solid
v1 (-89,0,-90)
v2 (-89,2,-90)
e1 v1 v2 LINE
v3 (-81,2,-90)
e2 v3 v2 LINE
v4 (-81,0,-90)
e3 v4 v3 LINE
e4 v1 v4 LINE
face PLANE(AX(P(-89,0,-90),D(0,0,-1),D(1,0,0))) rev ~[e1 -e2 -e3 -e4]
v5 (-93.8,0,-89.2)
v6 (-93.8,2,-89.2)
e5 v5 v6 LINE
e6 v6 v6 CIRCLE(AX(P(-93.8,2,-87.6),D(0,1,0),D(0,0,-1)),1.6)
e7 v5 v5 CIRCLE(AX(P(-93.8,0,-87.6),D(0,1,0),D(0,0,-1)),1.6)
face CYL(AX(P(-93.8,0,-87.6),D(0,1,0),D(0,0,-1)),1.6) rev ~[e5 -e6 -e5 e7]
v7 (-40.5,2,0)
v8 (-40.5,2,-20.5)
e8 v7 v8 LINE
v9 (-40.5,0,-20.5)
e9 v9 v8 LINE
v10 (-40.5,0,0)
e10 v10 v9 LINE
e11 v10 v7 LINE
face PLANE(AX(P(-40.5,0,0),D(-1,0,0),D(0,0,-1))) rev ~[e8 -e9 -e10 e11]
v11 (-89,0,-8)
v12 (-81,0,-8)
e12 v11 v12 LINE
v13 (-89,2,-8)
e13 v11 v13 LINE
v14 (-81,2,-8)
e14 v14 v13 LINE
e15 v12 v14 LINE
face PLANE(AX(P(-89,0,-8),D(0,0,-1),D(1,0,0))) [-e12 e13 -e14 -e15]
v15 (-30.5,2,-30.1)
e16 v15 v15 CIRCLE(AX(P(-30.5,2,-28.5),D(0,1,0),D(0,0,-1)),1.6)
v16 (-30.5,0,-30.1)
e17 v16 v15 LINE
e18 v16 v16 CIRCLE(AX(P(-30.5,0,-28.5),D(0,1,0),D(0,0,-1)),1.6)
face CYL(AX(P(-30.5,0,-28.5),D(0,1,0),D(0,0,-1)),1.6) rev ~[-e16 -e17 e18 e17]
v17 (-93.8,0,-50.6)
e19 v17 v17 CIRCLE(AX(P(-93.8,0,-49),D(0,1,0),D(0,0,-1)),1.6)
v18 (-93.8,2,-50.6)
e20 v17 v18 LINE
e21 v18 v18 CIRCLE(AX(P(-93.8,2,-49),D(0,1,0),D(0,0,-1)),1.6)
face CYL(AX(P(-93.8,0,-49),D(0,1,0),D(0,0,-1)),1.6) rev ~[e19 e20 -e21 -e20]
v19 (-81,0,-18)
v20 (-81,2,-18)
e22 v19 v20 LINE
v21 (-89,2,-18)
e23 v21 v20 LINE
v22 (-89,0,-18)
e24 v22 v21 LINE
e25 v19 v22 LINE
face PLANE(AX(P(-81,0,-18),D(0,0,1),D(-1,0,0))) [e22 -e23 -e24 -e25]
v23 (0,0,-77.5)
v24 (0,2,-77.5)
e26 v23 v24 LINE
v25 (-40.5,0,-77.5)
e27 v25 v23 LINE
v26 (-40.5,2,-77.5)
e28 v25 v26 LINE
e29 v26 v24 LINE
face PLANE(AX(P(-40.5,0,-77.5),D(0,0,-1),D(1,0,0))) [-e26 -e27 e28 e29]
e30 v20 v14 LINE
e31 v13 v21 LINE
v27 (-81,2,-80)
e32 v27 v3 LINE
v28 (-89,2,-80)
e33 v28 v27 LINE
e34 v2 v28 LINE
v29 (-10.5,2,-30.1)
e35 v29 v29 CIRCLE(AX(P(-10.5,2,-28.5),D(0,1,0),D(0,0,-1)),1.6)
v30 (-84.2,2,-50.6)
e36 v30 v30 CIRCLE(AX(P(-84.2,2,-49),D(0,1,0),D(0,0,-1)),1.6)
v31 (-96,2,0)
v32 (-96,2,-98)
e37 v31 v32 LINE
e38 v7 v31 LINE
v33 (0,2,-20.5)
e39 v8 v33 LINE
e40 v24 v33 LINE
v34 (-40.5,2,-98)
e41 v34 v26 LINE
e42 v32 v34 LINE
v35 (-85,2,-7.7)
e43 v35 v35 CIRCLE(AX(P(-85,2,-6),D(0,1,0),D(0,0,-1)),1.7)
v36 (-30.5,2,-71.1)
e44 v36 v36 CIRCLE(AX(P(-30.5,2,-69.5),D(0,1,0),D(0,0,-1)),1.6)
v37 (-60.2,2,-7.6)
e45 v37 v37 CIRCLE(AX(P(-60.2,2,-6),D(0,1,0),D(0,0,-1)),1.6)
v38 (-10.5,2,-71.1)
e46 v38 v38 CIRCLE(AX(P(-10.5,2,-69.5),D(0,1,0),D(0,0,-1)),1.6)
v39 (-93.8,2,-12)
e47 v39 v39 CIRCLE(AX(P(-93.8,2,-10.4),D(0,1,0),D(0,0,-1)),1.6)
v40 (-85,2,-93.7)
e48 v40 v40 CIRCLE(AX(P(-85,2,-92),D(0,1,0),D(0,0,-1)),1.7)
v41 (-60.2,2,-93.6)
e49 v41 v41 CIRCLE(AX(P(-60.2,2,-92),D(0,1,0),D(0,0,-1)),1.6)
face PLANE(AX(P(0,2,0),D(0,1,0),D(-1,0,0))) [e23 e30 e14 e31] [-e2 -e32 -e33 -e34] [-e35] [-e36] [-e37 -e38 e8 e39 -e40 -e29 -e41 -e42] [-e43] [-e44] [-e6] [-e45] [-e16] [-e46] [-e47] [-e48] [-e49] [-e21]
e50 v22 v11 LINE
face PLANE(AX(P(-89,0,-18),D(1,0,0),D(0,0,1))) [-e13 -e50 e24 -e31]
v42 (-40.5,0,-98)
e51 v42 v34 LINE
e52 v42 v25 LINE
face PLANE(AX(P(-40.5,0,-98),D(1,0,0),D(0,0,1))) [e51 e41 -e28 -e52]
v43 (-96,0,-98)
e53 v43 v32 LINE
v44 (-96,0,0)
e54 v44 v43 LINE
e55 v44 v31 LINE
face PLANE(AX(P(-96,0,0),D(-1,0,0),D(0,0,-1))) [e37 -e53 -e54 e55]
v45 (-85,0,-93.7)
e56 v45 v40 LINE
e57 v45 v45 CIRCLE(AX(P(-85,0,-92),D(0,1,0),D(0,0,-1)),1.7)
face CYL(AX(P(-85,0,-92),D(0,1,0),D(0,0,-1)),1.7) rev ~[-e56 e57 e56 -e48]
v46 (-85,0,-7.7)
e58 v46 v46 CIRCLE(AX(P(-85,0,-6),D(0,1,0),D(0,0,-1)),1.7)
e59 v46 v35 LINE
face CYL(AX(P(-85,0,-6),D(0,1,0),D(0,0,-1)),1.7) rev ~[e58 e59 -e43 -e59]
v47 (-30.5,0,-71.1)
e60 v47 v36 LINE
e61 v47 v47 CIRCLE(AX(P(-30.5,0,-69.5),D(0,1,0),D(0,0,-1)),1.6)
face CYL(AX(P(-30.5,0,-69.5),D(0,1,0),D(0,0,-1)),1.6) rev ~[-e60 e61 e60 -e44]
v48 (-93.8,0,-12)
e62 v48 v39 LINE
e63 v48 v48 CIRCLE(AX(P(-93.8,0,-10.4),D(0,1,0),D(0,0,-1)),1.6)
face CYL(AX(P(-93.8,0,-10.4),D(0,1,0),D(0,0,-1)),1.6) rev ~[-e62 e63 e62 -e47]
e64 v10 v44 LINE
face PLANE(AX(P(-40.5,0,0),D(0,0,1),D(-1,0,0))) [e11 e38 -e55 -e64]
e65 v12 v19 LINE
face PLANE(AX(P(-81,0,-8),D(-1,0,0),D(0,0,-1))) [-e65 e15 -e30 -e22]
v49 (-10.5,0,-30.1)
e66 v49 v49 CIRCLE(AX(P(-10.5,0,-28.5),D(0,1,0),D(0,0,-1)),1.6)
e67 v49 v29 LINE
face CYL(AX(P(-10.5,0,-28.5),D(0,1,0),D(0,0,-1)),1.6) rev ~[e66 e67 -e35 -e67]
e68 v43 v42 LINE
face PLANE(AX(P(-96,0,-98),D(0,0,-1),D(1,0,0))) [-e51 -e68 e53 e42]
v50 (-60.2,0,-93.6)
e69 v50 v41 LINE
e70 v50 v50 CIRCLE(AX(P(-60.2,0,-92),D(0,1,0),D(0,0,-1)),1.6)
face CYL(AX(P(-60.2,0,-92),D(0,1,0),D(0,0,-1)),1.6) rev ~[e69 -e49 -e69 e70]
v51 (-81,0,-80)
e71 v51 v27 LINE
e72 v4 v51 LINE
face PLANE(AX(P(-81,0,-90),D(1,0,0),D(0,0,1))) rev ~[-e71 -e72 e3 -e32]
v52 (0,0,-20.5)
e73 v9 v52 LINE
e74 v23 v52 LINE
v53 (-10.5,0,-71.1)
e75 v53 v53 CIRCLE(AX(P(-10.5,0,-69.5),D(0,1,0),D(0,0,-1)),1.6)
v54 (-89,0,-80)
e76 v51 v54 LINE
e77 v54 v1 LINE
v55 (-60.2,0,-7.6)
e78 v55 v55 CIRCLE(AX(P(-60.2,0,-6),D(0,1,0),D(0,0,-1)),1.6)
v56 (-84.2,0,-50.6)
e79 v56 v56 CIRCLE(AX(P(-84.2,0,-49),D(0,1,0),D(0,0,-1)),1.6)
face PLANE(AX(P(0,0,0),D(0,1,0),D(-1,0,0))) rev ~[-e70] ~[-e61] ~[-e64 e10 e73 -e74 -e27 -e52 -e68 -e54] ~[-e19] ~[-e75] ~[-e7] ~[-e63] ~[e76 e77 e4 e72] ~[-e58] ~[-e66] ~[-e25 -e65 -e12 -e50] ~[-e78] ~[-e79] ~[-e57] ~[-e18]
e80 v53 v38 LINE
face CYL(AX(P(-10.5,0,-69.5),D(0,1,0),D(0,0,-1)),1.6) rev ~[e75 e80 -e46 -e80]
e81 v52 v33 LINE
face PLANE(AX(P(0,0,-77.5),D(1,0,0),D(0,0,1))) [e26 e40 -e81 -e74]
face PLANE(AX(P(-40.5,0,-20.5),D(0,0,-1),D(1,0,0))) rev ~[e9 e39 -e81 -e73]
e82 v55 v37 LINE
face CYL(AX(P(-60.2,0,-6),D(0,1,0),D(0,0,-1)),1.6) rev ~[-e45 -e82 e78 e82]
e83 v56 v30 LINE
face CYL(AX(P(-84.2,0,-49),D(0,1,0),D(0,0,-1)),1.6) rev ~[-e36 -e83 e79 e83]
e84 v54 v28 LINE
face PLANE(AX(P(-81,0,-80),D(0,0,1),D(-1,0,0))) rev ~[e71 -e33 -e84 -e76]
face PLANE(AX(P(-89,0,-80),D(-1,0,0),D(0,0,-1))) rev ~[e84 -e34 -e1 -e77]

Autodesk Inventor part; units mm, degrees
ref_plane "YZ Plane" through (0, 0, 0) normal (1, 0, 0) x (0, 1, 0)
ref_plane "XZ Plane" through (0, 0, 0) normal (0, 1, 0) x (-1, 0, 0)
ref_plane "XY Plane" through (0, 0, 0) normal (0, 0, 1) x (1, 0, 0)
sketch "Szkic1" plane through (0, 0, 0) normal (0, 1, 0) x (-1, 0, 0)
  line L0 (40.5, 0) -> (96, 0)
  line L1 (96, 0) -> (96, -98)
  line L2 (96, -98) -> (40.5, -98)
  line L3 (0, -77.5) -> (0, -20.5)
  line L4 (40.5, 0) -> (40.5, -20.5)
  line L5 (40.5, -20.5) -> (0, -20.5)
  line L6 (40.5, -98) -> (40.5, -77.5)
  line L7 (40.5, -77.5) -> (0, -77.5)
  line L8 (0, -49) -> (96, -49) construction
  line L9 (10.5, -77.5) -> (10.5, -20.5) construction
  line L10 (30.5, -77.5) -> (30.5, -20.5) construction
  line L11 (93.8, 0) -> (93.8, -98) construction
  line L12 (96, -6) -> (40.5, -6) construction
  line L13 (96, -92) -> (40.5, -92) construction
  line L14 (84.2, 0) -> (84.2, -98) construction
  line L15 (85, 0) -> (85, -98) construction
  line L16 (89, -8) -> (81, -8)
  line L17 (81, -8) -> (81, -18)
  line L18 (81, -18) -> (89, -18)
  line L19 (89, -18) -> (89, -8)
  line L20 (89, -90) -> (81, -90)
  line L21 (81, -90) -> (81, -80)
  line L22 (81, -80) -> (89, -80)
  line L23 (89, -80) -> (89, -90)
  point P0 (0, 0)
  point P1 (30.5, -28.5)
  point P2 (30.5, -69.5)
  point P3 (10.5, -28.5)
  point P4 (10.5, -69.5)
  point P5 (93.8, -10.4)
  point P6 (93.8, -87.6)
  point P7 (93.8, -49)
  point P8 (60.2, -6)
  point P9 (60.2, -92)
  point P10 (84.2, -49)
  point P11 (85, -6)
  point P12 (85, -92)
  dimension "d0" = 98
  dimension "d2" = 20.5
  dimension "d3" = 40.5
  dimension "d12" = 96
  dimension "d42" = 57
  dimension "d71" = 10.4
  dimension "d72" = 6
  dimension "d73" = 2.2
  dimension "d81" = 35.8
  dimension "d89" = 30.5
  dimension "d90" = 8
  dimension "d91" = 8
  dimension "d92" = 8
  dimension "d93" = 11.8
  dimension "d94" = 11
  dimension "d95" = 10.5
  dimension "d96" = 6
  dimension "d97" = 0
  dimension "d98" = 96
  dimension "d106" = 8
  dimension "d107" = 10
  dimension "d108" = 7
  dimension "d109" = 8
extrude "Wyciągnięcie proste1" add sketch "Szkic1" along normal blind 2 contours L0 L1 L2 L6 L7 L3 L5 L4 | L19 L18 L17 L16 | L20 L21 L22 L23
hole "Hole4" at (-30.5, 0, -28.5) at (-30.5, 0, -69.5) at (-10.5, 0, -28.5) at (-10.5, 0, -69.5) direction (0, 1, 0) diameter 3.2 depth 10
hole "Otwór5" at (-93.8, 0, -10.4) at (-93.8, 0, -87.6) at (-93.8, 0, -49) direction (0, 1, 0) diameter 3.2 end through all clearance for "Śruba ze łbem stożkowym ISO 2009/7046" size "M3" standard "ISO"
hole "Hole6" at (-60.2, 0, -6) at (-60.2, 0, -92) direction (0, 1, 0) diameter 3.2 depth 30 clearance for "Countersunk Flat Head Screw ISO 2009/7046" size "M3" standard "ISO"
hole "Hole7" at (-84.2, 0, -49) direction (0, 1, 0) diameter 3.2 depth 30 clearance for "Slotted Cheese Head Screw ISO 1207" size "M3" standard "ISO"
hole "Hole8" at (-85, 0, -6) at (-85, 0, -92) direction (0, 1, 0) diameter 3.4 end through all clearance for "Countersunk Flat Head Screw ISO 2009/7046" size "M3" standard "ISO"
extrude "Extrusion2" cut sketch "Szkic1" along normal blind 10 contours L19 L18 L17 L16 | L20 L21 L22 L23
properties part number "PodstawaPEM"
